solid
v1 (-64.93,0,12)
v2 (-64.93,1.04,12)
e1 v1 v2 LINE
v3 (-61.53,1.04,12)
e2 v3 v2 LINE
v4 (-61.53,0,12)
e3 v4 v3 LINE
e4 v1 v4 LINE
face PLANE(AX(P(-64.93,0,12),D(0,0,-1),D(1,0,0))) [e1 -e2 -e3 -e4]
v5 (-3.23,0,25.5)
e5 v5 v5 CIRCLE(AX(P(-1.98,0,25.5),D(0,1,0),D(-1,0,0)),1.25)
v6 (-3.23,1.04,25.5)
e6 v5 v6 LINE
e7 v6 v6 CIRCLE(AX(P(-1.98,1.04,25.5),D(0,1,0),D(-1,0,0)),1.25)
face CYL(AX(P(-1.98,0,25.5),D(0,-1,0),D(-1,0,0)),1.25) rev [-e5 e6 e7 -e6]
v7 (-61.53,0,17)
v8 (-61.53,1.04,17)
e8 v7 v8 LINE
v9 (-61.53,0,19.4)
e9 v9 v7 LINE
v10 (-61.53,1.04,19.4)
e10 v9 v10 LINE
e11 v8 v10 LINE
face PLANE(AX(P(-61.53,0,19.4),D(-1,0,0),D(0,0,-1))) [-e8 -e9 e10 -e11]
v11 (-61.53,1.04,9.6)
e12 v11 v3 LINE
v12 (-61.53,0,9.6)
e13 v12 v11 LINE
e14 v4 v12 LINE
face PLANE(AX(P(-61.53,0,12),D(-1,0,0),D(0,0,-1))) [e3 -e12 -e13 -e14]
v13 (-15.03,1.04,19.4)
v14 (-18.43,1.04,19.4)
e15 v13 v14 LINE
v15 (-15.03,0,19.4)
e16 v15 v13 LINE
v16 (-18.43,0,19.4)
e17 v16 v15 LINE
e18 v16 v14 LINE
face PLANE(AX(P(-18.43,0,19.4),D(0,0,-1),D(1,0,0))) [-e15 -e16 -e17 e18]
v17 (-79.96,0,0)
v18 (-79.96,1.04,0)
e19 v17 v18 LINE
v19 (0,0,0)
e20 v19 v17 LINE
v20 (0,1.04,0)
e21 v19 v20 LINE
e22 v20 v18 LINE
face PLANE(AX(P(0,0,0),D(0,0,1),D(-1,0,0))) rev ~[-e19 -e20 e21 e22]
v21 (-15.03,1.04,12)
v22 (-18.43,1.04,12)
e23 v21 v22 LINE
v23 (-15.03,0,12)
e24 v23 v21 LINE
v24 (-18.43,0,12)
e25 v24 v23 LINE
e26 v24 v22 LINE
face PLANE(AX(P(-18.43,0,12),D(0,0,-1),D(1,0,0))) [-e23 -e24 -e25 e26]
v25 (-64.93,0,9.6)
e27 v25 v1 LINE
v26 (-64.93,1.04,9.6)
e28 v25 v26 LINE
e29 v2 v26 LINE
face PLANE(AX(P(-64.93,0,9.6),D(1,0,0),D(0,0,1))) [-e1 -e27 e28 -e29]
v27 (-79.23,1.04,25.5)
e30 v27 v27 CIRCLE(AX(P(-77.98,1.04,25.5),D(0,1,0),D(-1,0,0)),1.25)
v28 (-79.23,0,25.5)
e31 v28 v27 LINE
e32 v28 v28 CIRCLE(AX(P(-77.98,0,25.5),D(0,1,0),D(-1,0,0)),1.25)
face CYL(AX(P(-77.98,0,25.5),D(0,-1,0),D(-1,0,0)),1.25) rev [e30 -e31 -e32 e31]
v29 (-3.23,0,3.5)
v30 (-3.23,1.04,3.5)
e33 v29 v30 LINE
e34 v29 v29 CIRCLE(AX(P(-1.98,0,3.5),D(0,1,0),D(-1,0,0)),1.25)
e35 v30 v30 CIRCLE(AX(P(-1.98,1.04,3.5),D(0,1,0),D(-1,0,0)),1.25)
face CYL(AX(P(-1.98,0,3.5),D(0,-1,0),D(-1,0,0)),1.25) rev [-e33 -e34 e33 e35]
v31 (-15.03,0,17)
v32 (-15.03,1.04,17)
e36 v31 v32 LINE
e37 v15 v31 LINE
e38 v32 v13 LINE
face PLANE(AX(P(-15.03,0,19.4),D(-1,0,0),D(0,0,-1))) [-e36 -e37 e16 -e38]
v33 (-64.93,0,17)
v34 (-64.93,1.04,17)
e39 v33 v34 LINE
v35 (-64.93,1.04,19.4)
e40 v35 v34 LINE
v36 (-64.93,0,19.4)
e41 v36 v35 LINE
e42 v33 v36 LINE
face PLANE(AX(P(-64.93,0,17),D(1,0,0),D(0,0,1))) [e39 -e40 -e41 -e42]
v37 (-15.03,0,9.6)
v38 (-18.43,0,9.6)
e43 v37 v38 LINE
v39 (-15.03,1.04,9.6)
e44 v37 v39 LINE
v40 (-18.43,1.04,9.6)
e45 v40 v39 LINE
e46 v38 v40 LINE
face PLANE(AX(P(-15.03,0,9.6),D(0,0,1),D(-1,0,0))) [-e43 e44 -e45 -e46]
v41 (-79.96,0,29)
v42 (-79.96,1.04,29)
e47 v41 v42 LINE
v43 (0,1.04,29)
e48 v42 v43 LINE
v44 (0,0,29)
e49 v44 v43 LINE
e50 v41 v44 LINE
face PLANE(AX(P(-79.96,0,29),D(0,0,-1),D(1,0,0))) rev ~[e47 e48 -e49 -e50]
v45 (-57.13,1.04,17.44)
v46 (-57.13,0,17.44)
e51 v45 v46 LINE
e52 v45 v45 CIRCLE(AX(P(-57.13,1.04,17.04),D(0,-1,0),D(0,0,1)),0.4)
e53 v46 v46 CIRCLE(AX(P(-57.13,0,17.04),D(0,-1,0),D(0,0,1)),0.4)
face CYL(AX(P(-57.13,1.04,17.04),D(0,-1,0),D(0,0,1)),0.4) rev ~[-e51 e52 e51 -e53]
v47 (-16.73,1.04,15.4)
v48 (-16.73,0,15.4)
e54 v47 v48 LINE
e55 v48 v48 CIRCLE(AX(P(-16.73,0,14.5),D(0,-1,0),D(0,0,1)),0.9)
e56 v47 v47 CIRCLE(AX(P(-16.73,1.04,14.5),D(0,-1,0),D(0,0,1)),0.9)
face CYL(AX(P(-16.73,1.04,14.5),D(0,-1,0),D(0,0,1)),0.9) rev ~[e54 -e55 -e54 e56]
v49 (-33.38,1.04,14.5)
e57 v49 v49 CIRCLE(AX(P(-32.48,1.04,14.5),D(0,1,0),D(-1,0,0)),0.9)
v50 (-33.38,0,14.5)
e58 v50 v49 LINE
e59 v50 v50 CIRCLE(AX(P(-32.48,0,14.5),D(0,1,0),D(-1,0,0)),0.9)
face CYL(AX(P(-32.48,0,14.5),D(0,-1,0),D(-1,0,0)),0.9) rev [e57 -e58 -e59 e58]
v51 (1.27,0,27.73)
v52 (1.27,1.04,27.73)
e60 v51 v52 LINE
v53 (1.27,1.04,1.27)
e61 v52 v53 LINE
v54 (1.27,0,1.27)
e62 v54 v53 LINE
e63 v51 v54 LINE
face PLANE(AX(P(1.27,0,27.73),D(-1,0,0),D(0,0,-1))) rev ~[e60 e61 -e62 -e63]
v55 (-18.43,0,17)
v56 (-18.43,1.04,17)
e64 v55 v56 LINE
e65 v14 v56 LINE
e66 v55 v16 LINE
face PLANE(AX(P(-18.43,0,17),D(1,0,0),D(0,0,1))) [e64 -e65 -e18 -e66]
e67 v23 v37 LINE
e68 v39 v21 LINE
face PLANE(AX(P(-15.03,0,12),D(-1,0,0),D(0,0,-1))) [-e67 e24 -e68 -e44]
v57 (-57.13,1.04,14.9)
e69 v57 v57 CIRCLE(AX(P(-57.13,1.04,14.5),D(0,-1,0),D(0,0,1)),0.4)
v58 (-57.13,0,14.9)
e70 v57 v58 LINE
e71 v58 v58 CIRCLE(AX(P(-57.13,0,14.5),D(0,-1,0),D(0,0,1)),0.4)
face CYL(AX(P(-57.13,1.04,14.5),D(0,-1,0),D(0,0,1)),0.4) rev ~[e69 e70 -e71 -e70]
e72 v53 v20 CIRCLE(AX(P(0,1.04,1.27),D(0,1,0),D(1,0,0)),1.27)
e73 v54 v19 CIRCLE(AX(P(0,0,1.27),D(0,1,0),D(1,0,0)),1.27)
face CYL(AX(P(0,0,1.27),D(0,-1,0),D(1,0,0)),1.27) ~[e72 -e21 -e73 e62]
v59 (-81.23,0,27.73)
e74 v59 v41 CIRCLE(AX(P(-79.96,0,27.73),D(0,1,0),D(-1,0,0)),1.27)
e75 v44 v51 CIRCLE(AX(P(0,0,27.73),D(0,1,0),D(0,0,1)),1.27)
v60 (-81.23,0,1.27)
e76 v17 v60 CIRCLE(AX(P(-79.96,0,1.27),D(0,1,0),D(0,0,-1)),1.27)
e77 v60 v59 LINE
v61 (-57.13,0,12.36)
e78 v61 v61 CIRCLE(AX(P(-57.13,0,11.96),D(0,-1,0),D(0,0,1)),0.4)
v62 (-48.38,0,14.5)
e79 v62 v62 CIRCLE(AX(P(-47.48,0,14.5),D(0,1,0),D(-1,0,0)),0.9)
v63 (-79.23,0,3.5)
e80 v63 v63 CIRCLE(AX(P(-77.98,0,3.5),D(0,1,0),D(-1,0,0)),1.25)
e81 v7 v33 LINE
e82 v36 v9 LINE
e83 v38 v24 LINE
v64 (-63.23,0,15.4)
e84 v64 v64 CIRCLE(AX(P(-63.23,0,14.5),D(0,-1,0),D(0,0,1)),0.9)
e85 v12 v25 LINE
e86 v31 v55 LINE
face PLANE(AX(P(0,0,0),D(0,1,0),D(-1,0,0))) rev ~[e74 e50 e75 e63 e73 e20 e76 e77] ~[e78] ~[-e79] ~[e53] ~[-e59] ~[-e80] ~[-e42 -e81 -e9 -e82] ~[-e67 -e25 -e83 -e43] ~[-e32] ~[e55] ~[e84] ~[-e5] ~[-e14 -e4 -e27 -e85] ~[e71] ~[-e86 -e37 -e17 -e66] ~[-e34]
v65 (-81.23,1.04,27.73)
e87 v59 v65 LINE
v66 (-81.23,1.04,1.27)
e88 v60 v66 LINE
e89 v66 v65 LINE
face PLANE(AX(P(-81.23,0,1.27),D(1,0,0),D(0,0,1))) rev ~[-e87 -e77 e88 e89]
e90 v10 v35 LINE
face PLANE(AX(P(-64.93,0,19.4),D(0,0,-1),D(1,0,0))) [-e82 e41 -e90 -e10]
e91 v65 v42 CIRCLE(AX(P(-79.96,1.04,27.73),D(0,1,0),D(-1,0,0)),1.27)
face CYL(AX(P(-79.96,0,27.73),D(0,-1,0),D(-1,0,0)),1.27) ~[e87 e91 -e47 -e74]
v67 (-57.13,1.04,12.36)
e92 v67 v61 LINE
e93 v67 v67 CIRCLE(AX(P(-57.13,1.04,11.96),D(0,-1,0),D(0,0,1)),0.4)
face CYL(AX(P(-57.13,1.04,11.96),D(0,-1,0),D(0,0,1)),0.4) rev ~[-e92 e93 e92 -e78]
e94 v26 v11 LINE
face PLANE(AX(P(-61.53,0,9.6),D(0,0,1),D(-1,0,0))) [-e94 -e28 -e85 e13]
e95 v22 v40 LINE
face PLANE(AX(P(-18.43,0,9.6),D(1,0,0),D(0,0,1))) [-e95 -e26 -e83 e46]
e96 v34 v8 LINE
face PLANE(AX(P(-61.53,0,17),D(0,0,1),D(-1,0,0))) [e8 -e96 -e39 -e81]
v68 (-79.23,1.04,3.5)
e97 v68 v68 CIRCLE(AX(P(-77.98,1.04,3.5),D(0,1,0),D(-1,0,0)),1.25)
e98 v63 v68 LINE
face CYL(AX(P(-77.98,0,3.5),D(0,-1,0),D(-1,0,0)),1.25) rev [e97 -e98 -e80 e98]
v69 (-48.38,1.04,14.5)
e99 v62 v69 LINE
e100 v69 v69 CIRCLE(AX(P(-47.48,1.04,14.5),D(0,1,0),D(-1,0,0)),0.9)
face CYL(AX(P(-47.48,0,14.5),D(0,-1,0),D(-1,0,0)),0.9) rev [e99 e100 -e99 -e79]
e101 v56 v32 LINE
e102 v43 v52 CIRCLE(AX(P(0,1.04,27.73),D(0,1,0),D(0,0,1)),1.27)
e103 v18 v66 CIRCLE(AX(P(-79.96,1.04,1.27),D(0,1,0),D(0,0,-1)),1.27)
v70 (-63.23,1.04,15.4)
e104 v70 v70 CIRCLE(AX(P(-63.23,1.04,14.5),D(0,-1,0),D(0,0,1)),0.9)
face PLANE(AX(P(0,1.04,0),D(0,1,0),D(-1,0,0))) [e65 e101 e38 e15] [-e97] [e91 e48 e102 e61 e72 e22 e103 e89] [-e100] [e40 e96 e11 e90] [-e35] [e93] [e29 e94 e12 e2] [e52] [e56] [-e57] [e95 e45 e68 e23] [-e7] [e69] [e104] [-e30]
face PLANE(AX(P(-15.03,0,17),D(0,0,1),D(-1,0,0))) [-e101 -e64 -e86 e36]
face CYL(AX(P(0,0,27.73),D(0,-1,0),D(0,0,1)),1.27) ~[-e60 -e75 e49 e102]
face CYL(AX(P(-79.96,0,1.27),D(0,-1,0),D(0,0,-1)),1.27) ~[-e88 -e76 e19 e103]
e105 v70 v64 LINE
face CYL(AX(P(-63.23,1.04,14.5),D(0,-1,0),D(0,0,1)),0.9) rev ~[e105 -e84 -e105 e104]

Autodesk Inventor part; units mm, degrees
ref_plane "YZ Plane" through (0, 0, 0) normal (1, 0, 0) x (0, 1, 0)
ref_plane "XZ Plane" through (0, 0, 0) normal (0, 1, 0) x (-1, 0, 0)
ref_plane "XY Plane" through (0, 0, 0) normal (0, 0, 1) x (1, 0, 0)
sketch "Boceto1" plane through (0, 0, 0) normal (0, 1, 0) x (-1, 0, 0)
  arc A0 (-1.27, 1.27) -> (0, 0) centre (0, 1.27) ccw
  line L0 (0, 0) -> (79.96, 0)
  arc A1 (79.96, 0) -> (81.23, 1.27) centre (79.96, 1.27) ccw
  line L1 (81.23, 1.27) -> (81.23, 27.73)
  arc A2 (81.23, 27.73) -> (79.96, 29) centre (79.96, 27.73) ccw
  line L2 (79.96, 29) -> (0, 29)
  arc A3 (0, 29) -> (-1.27, 27.73) centre (0, 27.73) ccw
  line L3 (-1.27, 27.73) -> (-1.27, 1.27)
  circle A4 centre (77.98, 3.5) radius 1.25
  circle A5 centre (1.98, 25.5) radius 1.25
  circle A6 centre (1.98, 3.5) radius 1.25
  circle A7 centre (77.98, 25.5) radius 1.25
  circle A8 centre (47.48, 14.5) radius 0.9
  circle A9 centre (32.48, 14.5) radius 0.9
  point P0 (0, 0)
extrude "Extrusión1" add sketch "Boceto1" along normal blind 1.04
sketch "Boceto3" plane through (0, 1.04, 0) normal (0, 1, 0) x (1, 0, 0)
  circle A0 centre (-63.23, -14.5) radius 0.9
  circle A1 centre (-16.73, -14.5) radius 0.9
  line L0 (-81.23, -1.27) -> (-81.23, -27.73) projected
  line L1 (0, 0) -> (-79.96, 0) projected
  line L2 (1.27, -27.73) -> (1.27, -1.27) projected
  line L3 (-79.96, -29) -> (0, -29) projected
  dimension "d15" = 1.8
  dimension "d16" = 1.8
  dimension "d17" = 18
  dimension "d18" = 14.5
  dimension "d19" = 18
  dimension "d20" = 14.5
hole "Agujero2" at (-63.23, 1.04, 14.5) at (-16.73, 1.04, 14.5) direction (0, -1, 0) diameter 1.8 end through all
sketch "Boceto4" plane through (0, 1.04, 0) normal (0, 1, 0) x (1, 0, 0)
  circle A0 centre (-57.13, -17.04) radius 0.4
  line L0 (-81.23, -1.27) -> (-81.23, -27.73) projected
  line L1 (-79.96, -29) -> (0, -29) projected
  circle A1 centre (-57.13, -14.5) radius 0.4
  circle A2 centre (-57.13, -11.96) radius 0.4
  line L2 (0, 0) -> (-79.96, 0) projected
  dimension "d28" = 0.8
  dimension "d29" = 24.1
  dimension "d30" = 11.96
  dimension "d31" = 0.8
  dimension "d32" = 0.8
  dimension "d33" = 11.96
  dimension "d34" = 2.54
  dimension "d35" = 2.54
hole "Agujero3" at (-57.13, 1.04, 17.04) at (-57.13, 1.04, 14.5) at (-57.13, 1.04, 11.96) direction (0, -1, 0) diameter 0.8 end through all
sketch "Boceto5" plane through (0, 0, 0) normal (0, -1, 0) x (1, 0, 0)
  line L0 (-15.03, 9.6) -> (-18.43, 9.6)
  line L1 (-18.43, 9.6) -> (-18.43, 12)
  line L2 (-18.43, 12) -> (-15.03, 12)
  line L3 (-15.03, 12) -> (-15.03, 9.6)
  line L4 (-79.96, 29) -> (0, 29) projected
  line L5 (1.27, 27.73) -> (1.27, 1.27) projected
  line L6 (-15.03, 17) -> (-18.43, 17)
  line L7 (-18.43, 17) -> (-18.43, 19.4)
  line L8 (-18.43, 19.4) -> (-15.03, 19.4)
  line L9 (-15.03, 19.4) -> (-15.03, 17)
  line L10 (0, 0) -> (-79.96, 0) projected
  line L11 (-61.53, 9.6) -> (-64.93, 9.6)
  line L12 (-64.93, 9.6) -> (-64.93, 12)
  line L13 (-64.93, 12) -> (-61.53, 12)
  line L14 (-61.53, 12) -> (-61.53, 9.6)
  line L15 (-81.23, 1.27) -> (-81.23, 27.73) projected
  line L16 (-61.53, 17) -> (-64.93, 17)
  line L17 (-64.93, 17) -> (-64.93, 19.4)
  line L18 (-64.93, 19.4) -> (-61.53, 19.4)
  line L19 (-61.53, 19.4) -> (-61.53, 17)
  dimension "d43" = 3.4
  dimension "d44" = 2.4
  dimension "d47" = 16.3
  dimension "d48" = 2.4
  dimension "d49" = 9.6
  dimension "d50" = 9.6
  dimension "d51" = 3.4
  dimension "d52" = 2.4
  dimension "d53" = 9.6
  dimension "d54" = 16.3
  dimension "d55" = 3.4
  dimension "d56" = 2.4
  dimension "d57" = 16.3
  dimension "d58" = 9.6
extrude "Extrusión2" cut sketch "Boceto5" against normal through all
sketch "Boceto6" plane through (0, 0, 0) normal (0, -1, 0) x (1, 0, 0)
  point P0 (0, 0)
properties part number "Interstage A"
